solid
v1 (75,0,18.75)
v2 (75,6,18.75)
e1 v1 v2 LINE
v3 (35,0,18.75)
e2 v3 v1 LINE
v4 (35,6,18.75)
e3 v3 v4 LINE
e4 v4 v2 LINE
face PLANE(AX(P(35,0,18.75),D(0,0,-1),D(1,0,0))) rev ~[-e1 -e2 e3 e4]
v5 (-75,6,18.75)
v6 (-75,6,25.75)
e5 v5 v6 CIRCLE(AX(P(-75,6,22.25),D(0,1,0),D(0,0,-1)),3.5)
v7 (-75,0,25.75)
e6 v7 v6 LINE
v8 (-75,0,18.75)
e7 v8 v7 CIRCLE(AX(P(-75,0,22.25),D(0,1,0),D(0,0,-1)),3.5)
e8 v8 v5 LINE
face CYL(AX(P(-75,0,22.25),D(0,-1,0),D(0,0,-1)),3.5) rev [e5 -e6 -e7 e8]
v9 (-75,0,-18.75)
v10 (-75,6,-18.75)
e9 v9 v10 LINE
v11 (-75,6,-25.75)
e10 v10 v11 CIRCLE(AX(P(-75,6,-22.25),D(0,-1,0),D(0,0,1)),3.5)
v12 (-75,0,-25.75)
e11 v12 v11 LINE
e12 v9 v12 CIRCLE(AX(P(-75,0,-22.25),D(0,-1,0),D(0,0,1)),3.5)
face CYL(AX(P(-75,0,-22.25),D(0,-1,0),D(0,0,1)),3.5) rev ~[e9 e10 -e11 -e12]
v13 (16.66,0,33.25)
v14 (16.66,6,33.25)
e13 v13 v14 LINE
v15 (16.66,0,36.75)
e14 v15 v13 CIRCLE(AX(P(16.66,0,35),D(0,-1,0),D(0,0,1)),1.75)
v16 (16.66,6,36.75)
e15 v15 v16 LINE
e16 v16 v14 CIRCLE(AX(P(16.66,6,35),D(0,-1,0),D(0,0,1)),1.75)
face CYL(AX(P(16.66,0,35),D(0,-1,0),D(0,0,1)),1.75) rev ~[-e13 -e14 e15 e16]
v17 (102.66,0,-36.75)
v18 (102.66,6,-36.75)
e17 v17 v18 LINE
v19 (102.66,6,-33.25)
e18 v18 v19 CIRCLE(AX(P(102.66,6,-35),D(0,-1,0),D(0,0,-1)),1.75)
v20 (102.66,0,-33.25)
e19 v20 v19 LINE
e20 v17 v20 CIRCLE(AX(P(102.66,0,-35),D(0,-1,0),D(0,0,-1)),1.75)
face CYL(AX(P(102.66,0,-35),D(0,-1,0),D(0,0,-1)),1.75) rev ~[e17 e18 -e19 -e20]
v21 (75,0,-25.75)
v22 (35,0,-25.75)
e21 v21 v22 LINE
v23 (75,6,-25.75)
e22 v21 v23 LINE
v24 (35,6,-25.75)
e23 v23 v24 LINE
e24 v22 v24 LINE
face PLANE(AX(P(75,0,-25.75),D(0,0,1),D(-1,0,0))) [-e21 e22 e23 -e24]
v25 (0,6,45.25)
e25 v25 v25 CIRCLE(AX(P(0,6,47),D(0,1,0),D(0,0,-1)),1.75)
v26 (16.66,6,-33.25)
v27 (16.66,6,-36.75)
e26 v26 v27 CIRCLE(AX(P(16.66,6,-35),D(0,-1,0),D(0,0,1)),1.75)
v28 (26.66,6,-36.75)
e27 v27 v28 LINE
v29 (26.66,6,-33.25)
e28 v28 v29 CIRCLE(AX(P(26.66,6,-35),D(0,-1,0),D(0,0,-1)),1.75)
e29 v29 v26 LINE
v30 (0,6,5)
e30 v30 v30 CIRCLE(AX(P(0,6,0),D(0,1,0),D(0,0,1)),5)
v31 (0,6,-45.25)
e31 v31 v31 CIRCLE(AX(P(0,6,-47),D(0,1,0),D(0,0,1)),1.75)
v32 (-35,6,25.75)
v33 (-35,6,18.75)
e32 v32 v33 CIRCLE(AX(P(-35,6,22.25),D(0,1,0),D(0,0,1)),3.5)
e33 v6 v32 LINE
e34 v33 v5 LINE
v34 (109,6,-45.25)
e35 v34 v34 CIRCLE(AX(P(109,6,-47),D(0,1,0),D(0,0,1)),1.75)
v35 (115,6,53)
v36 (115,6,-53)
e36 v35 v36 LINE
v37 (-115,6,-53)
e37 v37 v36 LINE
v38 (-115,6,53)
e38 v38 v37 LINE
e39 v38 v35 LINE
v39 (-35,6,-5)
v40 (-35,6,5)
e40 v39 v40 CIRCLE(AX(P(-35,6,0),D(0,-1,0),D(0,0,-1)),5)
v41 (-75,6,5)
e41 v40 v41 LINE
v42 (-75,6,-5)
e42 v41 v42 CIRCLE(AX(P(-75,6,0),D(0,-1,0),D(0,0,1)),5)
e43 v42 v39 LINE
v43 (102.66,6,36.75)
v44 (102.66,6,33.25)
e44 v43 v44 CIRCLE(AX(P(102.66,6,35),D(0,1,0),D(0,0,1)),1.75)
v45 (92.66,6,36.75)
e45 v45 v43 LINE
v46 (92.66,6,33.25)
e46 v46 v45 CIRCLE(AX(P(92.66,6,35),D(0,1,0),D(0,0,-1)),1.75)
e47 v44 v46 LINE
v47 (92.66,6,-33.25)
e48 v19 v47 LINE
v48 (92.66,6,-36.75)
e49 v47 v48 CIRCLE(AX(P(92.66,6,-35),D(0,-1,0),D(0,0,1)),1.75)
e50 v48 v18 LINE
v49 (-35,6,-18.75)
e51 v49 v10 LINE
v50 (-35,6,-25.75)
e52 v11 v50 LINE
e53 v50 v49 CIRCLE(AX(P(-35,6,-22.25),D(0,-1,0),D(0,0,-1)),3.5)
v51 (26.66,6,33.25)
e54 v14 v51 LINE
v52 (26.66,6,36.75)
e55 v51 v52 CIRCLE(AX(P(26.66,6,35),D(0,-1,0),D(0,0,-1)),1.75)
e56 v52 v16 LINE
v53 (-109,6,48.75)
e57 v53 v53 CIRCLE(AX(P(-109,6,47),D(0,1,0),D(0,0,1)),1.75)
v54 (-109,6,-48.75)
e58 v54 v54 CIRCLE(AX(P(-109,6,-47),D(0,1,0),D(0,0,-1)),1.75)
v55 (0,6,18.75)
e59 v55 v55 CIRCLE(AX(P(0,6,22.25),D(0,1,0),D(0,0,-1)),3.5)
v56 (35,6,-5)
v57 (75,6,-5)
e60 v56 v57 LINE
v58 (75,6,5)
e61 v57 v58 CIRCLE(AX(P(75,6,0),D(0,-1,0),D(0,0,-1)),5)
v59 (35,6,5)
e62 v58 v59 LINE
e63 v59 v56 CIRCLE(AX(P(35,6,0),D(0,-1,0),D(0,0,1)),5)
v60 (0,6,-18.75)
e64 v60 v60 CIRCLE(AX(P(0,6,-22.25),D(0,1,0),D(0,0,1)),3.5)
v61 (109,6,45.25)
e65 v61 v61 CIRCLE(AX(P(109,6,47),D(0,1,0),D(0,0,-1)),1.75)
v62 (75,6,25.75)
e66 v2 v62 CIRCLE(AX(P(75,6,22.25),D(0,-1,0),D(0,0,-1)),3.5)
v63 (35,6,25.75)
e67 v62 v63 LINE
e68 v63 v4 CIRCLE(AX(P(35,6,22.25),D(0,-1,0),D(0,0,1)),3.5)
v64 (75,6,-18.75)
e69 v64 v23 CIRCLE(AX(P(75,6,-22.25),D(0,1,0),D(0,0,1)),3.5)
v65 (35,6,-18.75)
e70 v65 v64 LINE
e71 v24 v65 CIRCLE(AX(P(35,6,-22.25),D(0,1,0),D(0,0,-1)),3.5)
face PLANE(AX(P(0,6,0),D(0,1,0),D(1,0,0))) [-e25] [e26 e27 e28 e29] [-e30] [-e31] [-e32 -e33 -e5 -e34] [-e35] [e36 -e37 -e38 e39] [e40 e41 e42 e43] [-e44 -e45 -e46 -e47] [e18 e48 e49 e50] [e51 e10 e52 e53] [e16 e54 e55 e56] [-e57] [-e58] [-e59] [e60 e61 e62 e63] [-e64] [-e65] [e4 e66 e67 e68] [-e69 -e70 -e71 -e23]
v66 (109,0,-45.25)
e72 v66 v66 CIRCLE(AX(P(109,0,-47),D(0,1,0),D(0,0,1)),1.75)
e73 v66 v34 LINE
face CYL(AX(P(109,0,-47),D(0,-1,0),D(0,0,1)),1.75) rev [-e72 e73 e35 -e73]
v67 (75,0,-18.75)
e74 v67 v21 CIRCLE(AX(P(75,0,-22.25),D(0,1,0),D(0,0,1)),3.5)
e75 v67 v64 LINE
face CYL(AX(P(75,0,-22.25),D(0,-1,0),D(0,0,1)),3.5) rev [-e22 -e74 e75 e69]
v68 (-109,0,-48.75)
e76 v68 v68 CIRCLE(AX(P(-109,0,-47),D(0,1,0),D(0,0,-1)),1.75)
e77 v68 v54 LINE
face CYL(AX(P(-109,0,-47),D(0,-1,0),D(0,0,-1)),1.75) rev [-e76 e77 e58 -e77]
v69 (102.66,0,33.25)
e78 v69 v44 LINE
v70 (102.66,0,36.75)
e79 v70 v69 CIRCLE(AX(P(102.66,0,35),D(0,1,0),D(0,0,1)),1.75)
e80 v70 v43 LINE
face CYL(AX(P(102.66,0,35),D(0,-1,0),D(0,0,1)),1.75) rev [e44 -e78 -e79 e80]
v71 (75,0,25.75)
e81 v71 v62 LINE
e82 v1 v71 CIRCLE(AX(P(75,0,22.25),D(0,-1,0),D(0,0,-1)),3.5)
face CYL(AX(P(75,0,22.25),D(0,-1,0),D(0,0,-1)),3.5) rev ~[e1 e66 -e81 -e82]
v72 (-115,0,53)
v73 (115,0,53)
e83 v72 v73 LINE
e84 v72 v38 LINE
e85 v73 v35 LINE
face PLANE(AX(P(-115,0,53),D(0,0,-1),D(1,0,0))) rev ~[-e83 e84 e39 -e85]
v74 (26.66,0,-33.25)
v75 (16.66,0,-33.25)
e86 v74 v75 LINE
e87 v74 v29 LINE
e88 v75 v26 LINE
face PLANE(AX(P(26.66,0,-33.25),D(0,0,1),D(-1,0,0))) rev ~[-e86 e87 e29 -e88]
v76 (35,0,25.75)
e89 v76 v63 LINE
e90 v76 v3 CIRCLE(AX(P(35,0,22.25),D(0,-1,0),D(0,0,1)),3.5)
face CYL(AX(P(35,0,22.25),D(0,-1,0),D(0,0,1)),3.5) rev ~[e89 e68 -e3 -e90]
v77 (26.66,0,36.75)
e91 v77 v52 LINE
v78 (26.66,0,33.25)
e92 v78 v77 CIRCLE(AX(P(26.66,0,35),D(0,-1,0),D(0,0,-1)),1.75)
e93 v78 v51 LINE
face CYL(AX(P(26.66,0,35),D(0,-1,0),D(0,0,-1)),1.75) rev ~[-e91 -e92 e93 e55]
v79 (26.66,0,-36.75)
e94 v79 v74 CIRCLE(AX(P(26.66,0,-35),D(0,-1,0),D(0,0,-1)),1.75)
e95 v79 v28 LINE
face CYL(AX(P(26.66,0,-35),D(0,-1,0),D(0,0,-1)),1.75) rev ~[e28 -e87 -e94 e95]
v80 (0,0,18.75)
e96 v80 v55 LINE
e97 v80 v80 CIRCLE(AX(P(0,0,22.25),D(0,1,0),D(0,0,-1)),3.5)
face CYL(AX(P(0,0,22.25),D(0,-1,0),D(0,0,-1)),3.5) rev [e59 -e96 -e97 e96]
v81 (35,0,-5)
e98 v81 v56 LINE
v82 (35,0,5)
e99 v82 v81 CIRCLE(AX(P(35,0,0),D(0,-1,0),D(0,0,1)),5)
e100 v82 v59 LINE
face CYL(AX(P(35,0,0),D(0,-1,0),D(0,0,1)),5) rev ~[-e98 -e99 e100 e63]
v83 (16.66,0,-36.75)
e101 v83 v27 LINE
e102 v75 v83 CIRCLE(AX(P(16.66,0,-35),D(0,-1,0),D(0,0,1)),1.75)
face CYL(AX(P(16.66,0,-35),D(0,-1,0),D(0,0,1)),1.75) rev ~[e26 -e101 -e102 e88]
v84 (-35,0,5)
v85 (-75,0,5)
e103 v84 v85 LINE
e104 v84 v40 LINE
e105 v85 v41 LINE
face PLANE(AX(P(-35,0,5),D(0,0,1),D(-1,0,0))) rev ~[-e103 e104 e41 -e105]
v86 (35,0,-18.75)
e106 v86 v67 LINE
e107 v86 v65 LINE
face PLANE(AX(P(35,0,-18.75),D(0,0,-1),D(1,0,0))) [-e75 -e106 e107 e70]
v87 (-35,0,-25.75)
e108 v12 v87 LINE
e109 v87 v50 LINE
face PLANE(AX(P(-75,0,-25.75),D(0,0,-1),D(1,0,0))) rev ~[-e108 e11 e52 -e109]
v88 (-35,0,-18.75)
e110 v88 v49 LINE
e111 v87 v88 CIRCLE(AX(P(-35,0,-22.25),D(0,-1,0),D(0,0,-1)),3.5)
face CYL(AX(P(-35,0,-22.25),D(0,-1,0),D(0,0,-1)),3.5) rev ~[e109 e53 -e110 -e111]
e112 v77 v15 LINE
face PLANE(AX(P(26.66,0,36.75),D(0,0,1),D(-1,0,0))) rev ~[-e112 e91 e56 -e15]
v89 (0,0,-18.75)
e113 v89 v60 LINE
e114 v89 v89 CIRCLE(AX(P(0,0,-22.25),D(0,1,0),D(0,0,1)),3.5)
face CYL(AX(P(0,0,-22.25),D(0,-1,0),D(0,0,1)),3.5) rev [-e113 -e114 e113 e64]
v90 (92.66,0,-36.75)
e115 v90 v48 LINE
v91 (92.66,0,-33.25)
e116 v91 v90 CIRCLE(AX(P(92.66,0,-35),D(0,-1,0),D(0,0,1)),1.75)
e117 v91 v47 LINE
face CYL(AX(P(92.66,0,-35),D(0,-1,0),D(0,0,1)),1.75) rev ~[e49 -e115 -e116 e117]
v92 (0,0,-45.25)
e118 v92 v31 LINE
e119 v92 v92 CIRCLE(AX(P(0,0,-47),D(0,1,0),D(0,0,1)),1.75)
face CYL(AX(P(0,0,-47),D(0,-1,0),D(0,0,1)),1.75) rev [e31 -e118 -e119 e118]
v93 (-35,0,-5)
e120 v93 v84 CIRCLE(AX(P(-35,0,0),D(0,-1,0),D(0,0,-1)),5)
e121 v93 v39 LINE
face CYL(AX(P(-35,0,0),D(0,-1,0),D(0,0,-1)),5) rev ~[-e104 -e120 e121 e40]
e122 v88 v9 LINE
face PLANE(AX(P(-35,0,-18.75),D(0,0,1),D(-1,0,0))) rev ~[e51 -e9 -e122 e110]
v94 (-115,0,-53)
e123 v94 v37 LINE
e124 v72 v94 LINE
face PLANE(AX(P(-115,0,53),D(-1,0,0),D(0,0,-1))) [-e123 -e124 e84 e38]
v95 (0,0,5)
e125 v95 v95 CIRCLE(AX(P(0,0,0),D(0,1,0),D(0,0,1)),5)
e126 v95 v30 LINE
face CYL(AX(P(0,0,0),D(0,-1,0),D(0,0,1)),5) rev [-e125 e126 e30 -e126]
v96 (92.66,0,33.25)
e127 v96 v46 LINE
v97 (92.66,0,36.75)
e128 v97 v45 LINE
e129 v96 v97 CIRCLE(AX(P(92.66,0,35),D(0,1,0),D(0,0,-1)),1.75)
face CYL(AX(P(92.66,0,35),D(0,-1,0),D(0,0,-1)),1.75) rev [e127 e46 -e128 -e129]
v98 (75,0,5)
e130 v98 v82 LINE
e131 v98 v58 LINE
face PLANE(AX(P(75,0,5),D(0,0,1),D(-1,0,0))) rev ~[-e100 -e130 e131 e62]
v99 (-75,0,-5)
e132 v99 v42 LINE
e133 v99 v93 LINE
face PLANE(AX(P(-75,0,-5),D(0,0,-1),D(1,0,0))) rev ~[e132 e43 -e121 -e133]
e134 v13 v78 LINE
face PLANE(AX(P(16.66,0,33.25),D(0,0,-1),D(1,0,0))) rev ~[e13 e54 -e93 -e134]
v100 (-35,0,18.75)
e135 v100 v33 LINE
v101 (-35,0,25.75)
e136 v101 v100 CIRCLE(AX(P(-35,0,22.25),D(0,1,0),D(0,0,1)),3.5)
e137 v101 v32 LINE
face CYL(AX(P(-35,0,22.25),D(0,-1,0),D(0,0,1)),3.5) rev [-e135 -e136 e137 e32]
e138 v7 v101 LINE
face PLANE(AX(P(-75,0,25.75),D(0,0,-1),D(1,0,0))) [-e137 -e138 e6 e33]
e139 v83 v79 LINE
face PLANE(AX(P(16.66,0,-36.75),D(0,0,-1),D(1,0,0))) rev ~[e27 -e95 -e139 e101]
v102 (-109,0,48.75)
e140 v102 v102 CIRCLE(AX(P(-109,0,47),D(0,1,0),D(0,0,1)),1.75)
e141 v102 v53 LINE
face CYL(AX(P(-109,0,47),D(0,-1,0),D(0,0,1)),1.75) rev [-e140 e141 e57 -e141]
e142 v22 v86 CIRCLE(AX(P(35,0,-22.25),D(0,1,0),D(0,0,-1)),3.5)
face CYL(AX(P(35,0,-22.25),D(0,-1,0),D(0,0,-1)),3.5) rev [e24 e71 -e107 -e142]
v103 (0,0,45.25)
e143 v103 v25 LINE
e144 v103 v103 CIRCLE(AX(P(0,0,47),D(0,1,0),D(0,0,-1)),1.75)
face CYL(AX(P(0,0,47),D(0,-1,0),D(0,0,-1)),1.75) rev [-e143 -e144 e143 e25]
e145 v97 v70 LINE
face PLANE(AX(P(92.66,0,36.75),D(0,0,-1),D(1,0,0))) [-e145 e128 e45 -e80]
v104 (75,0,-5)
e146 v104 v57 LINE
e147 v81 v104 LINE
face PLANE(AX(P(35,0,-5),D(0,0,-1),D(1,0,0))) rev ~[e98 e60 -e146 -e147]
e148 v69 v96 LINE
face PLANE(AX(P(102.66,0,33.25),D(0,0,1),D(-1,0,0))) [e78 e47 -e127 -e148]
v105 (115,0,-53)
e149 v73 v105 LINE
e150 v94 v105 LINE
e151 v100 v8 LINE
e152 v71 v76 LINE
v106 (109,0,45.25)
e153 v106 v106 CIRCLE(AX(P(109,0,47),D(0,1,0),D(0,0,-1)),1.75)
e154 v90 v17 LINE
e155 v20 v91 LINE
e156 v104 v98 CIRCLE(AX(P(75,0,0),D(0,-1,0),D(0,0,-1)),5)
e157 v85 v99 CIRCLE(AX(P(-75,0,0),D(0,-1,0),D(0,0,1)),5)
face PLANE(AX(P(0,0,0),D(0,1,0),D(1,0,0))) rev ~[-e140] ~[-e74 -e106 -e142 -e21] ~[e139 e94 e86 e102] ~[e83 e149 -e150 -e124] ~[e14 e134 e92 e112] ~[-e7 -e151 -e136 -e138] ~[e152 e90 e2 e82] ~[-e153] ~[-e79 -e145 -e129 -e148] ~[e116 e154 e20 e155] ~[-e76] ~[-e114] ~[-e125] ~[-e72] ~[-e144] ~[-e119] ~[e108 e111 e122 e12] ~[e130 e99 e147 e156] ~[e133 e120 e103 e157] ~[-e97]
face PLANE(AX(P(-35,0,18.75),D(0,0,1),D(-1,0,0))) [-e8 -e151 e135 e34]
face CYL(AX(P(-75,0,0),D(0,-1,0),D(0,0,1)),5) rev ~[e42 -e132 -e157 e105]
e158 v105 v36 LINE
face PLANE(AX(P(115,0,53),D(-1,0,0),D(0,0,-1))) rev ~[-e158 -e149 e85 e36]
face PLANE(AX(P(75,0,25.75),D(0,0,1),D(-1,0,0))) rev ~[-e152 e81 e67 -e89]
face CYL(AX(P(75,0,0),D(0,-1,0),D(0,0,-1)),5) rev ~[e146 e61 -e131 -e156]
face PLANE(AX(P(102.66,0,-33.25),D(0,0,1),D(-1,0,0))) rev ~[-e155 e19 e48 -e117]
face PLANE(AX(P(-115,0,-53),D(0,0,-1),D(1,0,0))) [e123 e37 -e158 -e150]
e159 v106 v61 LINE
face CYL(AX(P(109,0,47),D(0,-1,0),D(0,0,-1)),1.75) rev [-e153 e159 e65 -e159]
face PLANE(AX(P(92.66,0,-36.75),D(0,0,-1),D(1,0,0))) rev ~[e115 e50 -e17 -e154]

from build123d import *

# Parameters (mm, degrees)
SKETCH1_W           = 230
SKETCH1_H           = 106
SKETCH1_R           = 5
SKETCH1_R_2         = 3.5
SKETCH1_R_3         = 1.75
BOSS_EXTRUDE1_DEPTH = 6


with BuildPart() as part:
    # Sketch1 → Boss-Extrude1 (new body)
    with BuildSketch(Plane(origin=(0, 0, 0), x_dir=(1, 0, 0), z_dir=(0, 1, 0))):
        Rectangle(SKETCH1_W, SKETCH1_H)
        with Locations(Location((0, 0, 0), (0, 0, 270))):
            Circle(SKETCH1_R, mode=Mode.SUBTRACT)
        with Locations(Location((0, 22.25, 0), (0, 0, 270))):
            Circle(SKETCH1_R_2, mode=Mode.SUBTRACT)
        with Locations(Location((0, -22.25, 0), (0, 0, 90))):
            Circle(SKETCH1_R_2, mode=Mode.SUBTRACT)
        with Locations(Location((109, 47, 0), (0, 0, 270))):
            Circle(SKETCH1_R_3, mode=Mode.SUBTRACT)
        with Locations(Location((109, -47, 0), (0, 0, 90))):
            Circle(SKETCH1_R_3, mode=Mode.SUBTRACT)
        with Locations(Location((-109, -47, 0), (0, 0, 270))):
            Circle(SKETCH1_R_3, mode=Mode.SUBTRACT)
        with Locations(Location((-109, 47, 0), (0, 0, 90))):
            Circle(SKETCH1_R_3, mode=Mode.SUBTRACT)
        with Locations(Location((0, 47, 0), (0, 0, 270))):
            Circle(SKETCH1_R_3, mode=Mode.SUBTRACT)
        with Locations(Location((0, -47, 0), (0, 0, 90))):
            Circle(SKETCH1_R_3, mode=Mode.SUBTRACT)
        with BuildLine():
            Line((35, 5), (75, 5))
            ThreePointArc((75, 5), (80, 0), (75, -5))
            Line((75, -5), (35, -5))
            ThreePointArc((35, -5), (30, 0), (35, 5))
        make_face(mode=Mode.SUBTRACT)
        with BuildLine():
            Line((35, 18.75), (75, 18.75))
            ThreePointArc((75, 18.75), (78.5, 22.25), (75, 25.75))
            Line((75, 25.75), (35, 25.75))
            ThreePointArc((35, 25.75), (31.5, 22.25), (35, 18.75))
        make_face(mode=Mode.SUBTRACT)
        with BuildLine():
            Line((16.66, -33.25), (26.66, -33.25))
            ThreePointArc((26.66, -33.25), (28.41, -35), (26.66, -36.75))
            Line((26.66, -36.75), (16.66, -36.75))
            ThreePointArc((16.66, -36.75), (14.91, -35), (16.66, -33.25))
        make_face(mode=Mode.SUBTRACT)
        with BuildLine():
            Line((16.66, 36.75), (26.66, 36.75))
            ThreePointArc((26.66, 36.75), (28.41, 35), (26.66, 33.25))
            Line((26.66, 33.25), (16.66, 33.25))
            ThreePointArc((16.66, 33.25), (14.91, 35), (16.66, 36.75))
        make_face(mode=Mode.SUBTRACT)
        with BuildLine():
            Line((102.66, -33.25), (92.66, -33.25))
            ThreePointArc((92.66, -33.25), (90.91, -35), (92.66, -36.75))
            Line((92.66, -36.75), (102.66, -36.75))
            ThreePointArc((102.66, -36.75), (104.41, -35), (102.66, -33.25))
        make_face(mode=Mode.SUBTRACT)
        with BuildLine():
            Line((102.66, 33.25), (92.66, 33.25))
            ThreePointArc((92.66, 33.25), (90.91, 35), (92.66, 36.75))
            Line((92.66, 36.75), (102.66, 36.75))
            ThreePointArc((102.66, 36.75), (104.41, 35), (102.66, 33.25))
        make_face(mode=Mode.SUBTRACT)
        with BuildLine():
            Line((35, -18.75), (75, -18.75))
            ThreePointArc((75, -18.75), (78.5, -22.25), (75, -25.75))
            Line((75, -25.75), (35, -25.75))
            ThreePointArc((35, -25.75), (31.5, -22.25), (35, -18.75))
        make_face(mode=Mode.SUBTRACT)
        with BuildLine():
            Line((-35, 18.75), (-75, 18.75))
            ThreePointArc((-75, 18.75), (-78.5, 22.25), (-75, 25.75))
            Line((-75, 25.75), (-35, 25.75))
            ThreePointArc((-35, 25.75), (-31.5, 22.25), (-35, 18.75))
        make_face(mode=Mode.SUBTRACT)
        with BuildLine():
            Line((-35, -5), (-75, -5))
            ThreePointArc((-75, -5), (-80, 0), (-75, 5))
            Line((-75, 5), (-35, 5))
            ThreePointArc((-35, 5), (-30, 0), (-35, -5))
        make_face(mode=Mode.SUBTRACT)
        with BuildLine():
            Line((-35, -18.75), (-75, -18.75))
            ThreePointArc((-75, -18.75), (-78.5, -22.25), (-75, -25.75))
            Line((-75, -25.75), (-35, -25.75))
            ThreePointArc((-35, -25.75), (-31.5, -22.25), (-35, -18.75))
        make_face(mode=Mode.SUBTRACT)
    extrude(amount=BOSS_EXTRUDE1_DEPTH)


solid = part.part
